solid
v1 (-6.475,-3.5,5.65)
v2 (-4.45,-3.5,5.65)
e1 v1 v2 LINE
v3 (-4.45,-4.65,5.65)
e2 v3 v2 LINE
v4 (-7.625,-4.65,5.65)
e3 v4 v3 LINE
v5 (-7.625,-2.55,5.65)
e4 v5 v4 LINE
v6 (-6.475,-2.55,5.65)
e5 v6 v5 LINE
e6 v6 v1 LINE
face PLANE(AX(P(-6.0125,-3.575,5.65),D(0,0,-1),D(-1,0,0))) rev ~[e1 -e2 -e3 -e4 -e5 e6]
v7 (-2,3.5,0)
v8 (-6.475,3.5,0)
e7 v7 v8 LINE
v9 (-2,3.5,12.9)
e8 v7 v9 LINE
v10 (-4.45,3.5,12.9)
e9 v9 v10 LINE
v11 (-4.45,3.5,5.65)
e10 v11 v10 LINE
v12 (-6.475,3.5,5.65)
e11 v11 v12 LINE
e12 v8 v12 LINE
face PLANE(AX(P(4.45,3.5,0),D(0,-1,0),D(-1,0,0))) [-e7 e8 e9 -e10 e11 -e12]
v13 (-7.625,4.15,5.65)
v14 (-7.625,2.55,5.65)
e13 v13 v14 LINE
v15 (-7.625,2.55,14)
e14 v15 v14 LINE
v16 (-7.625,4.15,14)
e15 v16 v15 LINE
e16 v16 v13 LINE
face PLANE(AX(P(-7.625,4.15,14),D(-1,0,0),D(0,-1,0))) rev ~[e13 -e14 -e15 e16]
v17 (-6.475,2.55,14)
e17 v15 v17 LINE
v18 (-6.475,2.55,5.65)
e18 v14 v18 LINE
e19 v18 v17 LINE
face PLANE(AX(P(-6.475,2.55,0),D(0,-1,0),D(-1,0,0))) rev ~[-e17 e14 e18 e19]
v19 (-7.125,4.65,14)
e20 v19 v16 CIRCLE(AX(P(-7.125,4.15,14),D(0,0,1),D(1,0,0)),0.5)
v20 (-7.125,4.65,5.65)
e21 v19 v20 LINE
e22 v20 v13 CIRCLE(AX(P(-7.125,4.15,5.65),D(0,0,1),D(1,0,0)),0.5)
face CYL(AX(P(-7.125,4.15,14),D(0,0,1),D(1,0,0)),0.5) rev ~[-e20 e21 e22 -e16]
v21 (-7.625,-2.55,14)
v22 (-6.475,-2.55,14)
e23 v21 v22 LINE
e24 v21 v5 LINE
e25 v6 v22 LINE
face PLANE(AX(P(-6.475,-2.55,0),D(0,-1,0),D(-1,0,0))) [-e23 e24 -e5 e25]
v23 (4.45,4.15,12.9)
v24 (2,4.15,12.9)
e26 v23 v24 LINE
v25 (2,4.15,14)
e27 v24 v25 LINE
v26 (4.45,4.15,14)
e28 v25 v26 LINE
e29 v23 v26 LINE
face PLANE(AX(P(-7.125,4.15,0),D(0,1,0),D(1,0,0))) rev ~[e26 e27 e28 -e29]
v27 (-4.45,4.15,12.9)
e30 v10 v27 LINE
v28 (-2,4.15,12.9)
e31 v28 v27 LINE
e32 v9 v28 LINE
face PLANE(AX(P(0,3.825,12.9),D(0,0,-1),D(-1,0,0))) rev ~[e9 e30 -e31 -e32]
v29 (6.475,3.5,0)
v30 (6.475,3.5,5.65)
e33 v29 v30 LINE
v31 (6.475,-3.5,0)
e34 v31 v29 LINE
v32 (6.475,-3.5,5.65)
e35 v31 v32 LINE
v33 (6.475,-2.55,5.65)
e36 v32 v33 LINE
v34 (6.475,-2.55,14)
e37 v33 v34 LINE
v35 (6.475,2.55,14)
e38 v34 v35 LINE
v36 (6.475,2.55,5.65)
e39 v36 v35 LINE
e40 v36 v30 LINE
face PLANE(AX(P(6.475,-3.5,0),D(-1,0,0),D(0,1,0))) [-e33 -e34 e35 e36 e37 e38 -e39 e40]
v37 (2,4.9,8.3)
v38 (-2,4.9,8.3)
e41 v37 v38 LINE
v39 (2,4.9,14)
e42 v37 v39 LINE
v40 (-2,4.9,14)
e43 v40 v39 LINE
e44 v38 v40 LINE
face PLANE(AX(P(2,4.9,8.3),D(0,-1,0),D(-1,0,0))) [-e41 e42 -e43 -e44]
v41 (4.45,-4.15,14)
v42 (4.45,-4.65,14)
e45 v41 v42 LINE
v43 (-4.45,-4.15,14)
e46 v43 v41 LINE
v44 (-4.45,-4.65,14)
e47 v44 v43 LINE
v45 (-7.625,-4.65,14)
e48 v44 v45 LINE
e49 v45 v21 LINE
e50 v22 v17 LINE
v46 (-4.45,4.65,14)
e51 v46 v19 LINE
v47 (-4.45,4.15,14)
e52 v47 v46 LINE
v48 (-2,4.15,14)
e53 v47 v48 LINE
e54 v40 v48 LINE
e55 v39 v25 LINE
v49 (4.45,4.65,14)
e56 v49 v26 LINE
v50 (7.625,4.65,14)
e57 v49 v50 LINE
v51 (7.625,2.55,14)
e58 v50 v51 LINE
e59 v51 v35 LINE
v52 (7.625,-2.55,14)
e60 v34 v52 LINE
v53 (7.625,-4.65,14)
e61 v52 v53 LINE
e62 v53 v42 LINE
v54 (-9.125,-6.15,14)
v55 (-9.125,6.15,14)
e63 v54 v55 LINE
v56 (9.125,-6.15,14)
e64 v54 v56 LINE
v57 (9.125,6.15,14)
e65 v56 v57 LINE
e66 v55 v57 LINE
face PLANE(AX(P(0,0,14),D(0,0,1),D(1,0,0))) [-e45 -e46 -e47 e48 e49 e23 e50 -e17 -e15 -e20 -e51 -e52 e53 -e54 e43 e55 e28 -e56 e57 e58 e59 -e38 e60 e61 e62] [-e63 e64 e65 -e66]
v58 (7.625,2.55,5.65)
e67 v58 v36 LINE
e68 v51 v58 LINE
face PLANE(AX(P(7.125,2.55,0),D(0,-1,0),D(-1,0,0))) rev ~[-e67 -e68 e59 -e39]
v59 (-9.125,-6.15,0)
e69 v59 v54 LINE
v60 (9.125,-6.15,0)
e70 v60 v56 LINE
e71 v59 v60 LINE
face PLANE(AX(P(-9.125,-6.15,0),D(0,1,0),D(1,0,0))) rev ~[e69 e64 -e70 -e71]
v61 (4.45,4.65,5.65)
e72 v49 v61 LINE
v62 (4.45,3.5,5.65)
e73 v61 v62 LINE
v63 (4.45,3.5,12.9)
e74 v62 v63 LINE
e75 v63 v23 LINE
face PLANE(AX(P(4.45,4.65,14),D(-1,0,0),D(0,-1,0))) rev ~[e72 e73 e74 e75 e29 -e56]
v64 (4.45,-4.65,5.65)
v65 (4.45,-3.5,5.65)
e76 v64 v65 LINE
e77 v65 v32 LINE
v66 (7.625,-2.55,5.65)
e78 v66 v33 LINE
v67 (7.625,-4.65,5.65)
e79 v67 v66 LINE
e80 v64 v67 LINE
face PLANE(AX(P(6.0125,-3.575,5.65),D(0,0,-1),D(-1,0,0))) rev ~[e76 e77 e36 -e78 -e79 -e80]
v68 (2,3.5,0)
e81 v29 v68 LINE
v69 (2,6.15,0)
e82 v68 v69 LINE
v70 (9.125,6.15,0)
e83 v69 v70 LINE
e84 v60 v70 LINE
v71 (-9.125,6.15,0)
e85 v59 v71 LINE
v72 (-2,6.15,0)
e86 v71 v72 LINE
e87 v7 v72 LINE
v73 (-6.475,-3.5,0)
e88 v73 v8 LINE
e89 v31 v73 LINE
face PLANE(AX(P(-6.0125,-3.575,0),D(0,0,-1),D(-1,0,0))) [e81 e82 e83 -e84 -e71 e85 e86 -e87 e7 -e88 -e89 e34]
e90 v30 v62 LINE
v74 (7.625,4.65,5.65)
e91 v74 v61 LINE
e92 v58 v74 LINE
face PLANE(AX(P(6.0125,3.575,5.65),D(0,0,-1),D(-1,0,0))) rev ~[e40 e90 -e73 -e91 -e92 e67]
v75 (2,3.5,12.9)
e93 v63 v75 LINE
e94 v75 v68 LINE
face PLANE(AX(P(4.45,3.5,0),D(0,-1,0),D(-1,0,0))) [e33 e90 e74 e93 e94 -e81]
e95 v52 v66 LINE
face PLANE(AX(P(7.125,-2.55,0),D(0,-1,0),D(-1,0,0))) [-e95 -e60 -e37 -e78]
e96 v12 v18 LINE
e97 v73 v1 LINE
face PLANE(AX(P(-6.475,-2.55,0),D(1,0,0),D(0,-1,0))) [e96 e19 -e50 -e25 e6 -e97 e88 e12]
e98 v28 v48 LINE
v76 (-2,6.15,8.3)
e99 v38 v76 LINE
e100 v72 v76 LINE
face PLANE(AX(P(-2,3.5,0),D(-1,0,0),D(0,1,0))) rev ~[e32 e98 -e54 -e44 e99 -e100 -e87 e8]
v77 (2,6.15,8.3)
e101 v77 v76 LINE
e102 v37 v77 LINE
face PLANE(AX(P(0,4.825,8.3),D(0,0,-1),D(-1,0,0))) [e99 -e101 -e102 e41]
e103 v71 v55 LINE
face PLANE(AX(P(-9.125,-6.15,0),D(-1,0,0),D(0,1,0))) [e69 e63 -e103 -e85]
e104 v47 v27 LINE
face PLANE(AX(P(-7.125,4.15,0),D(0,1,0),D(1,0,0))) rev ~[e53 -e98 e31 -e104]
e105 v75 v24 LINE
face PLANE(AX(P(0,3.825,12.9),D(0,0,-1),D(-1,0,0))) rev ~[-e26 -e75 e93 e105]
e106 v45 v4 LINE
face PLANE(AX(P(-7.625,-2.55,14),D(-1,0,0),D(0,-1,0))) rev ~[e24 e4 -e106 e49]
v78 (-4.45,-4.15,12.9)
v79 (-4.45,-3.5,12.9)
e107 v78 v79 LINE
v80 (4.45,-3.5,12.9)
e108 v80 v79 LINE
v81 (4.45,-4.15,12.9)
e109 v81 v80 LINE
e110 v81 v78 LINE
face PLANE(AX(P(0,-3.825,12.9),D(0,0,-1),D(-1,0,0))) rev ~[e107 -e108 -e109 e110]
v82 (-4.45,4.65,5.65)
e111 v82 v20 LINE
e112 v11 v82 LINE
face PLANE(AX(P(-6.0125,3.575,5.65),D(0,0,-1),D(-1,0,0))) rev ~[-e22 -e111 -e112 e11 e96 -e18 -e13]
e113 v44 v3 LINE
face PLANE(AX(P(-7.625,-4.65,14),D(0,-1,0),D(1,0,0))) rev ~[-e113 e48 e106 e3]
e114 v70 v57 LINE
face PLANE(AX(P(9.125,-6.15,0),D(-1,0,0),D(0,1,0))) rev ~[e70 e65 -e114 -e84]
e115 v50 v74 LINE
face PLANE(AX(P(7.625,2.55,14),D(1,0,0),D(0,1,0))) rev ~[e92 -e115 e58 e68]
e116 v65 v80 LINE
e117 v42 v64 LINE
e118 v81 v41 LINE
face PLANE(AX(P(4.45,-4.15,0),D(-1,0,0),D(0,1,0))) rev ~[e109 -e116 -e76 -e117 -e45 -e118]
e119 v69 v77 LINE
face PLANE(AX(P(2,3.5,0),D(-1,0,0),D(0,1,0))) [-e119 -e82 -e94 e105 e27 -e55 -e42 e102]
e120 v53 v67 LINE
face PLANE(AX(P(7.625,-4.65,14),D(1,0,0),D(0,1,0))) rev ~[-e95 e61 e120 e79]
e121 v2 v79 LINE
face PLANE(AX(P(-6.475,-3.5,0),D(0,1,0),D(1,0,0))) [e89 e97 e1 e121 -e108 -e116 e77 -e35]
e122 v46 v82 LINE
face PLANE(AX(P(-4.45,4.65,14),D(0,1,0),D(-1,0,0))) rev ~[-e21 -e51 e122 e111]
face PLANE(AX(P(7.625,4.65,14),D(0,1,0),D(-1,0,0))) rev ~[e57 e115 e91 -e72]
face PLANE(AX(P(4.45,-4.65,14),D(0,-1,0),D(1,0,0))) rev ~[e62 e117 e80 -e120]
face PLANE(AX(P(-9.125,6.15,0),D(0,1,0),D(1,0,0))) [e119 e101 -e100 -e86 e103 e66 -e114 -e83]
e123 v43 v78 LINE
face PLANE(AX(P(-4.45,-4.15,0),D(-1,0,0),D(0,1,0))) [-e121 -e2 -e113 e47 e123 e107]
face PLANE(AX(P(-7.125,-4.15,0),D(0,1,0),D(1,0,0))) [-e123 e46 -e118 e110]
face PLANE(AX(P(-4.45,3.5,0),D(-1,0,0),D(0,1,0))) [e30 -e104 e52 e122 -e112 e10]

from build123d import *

# Parameters (mm, degrees)
SKETCH1_W               = 18.25
SKETCH1_H               = 12.3
SKETCH1_W_2             = 14.25
SKETCH1_H_2             = 8.3
BOSS_EXTRUDE1_DEPTH     = 14
SKETCH4_W               = 8.9
SKETCH4_H               = 0.65
BOSS_EXTRUDE2_DEPTH     = 12.9
SKETCH4_3_W             = 0.65
SKETCH4_3_H             = 5.1
BOSS_EXTRUDE3_DEPTH     = 14
SKETCH5_W               = 4
SKETCH5_H               = 2.65
CUT_EXTRUDE2_DEPTH      = 8.3
BOSS_EXTRUDE4_DEPTH     = 5.65
SKETCH7_W               = 4
SKETCH7_H               = 1.4
CUT_EXTRUDE3_DEPTH      = 6.7
SKETCH8_R               = 0.5
CUT_EXTRUDE4_DEPTH      = 8.35
MIRROR2_COPY_1_SKETCH_R = 0.5
MIRROR2_COPY_1_DEPTH    = 8.35
CUT_EXTRUDE5_DEPTH      = 8.35


with BuildPart() as part:
    # Sketch1 → Boss-Extrude1 (new body)
    with BuildSketch(Plane.XY):
        Rectangle(SKETCH1_W, SKETCH1_H)
        Rectangle(SKETCH1_W_2, SKETCH1_H_2, mode=Mode.SUBTRACT)
    extrude(amount=BOSS_EXTRUDE1_DEPTH)

    # Sketch4 → Boss-Extrude2 (add)
    with BuildSketch(Plane(origin=(0, 0, 0), x_dir=(-1, 0, 0), z_dir=(0, 0, -1))):
        with Locations((0, 3.825)):
            Rectangle(SKETCH4_W, SKETCH4_H)
        with Locations((0, -3.825)):
            Rectangle(SKETCH4_W, SKETCH4_H)
    extrude(amount=-BOSS_EXTRUDE2_DEPTH)

    # Sketch4<3> → Boss-Extrude3 (add)
    with BuildSketch(Plane(origin=(0, 0, 0), x_dir=(-1, 0, 0), z_dir=(0, 0, -1))):
        with Locations((-6.8, 0)):
            Rectangle(SKETCH4_3_W, SKETCH4_3_H)
        with Locations((6.8, 0)):
            Rectangle(SKETCH4_3_W, SKETCH4_3_H)
    extrude(amount=-BOSS_EXTRUDE3_DEPTH)

    # Sketch5 → Cut-Extrude2 (cut)
    with BuildSketch(Plane(origin=(0, 0, 0), x_dir=(-1, 0, 0), z_dir=(0, 0, -1))):
        with Locations((0, 4.825)):
            Rectangle(SKETCH5_W, SKETCH5_H)
    extrude(amount=-CUT_EXTRUDE2_DEPTH, mode=Mode.SUBTRACT)

    # Sketch6 → Boss-Extrude4 (add)
    with BuildSketch(Plane(origin=(0, 0, 0), x_dir=(-1, 0, 0), z_dir=(0, 0, -1))):
        Polygon((6.475, -3.5), (4.45, -3.5), (4.45, -4.15), (7.125, -4.15), (7.125, -2.55), (6.475, -2.55), align=None)
        Polygon((6.475, 3.5), (6.475, 2.55), (7.125, 2.55), (7.125, 4.15), (4.45, 4.15), (4.45, 3.5), align=None)
        Polygon((-7.125, 2.55), (-6.475, 2.55), (-6.475, 3.5), (-4.45, 3.5), (-4.45, 4.15), (-7.125, 4.15), align=None)
        Polygon((-4.45, -4.15), (-4.45, -3.5), (-6.475, -3.5), (-6.475, -2.55), (-7.125, -2.55), (-7.125, -4.15), align=None)
    extrude(amount=-BOSS_EXTRUDE4_DEPTH)

    # Sketch7 → Cut-Extrude3 (cut, through all)
    with BuildSketch(Plane(origin=(0, 0, 8.3), x_dir=(-1, 0, 0), z_dir=(0, 0, -1))):
        with Locations((0, 4.2)):
            Rectangle(SKETCH7_W, SKETCH7_H)
    extrude(amount=-CUT_EXTRUDE3_DEPTH, mode=Mode.SUBTRACT)

    # Sketch8 → Cut-Extrude4 (cut)
    with BuildSketch(Plane.XY.offset(14)):
        with Locations((-7.125, 4.15)):
            Circle(SKETCH8_R)
    cut_extrude4 = extrude(amount=-CUT_EXTRUDE4_DEPTH, mode=Mode.SUBTRACT)

    # Mirror1: Cut-Extrude4 across plane
    add(cut_extrude4.mirror(Plane.ZX), mode=Mode.SUBTRACT)

    # Mirror2: Cut-Extrude4 across plane
    add(cut_extrude4.mirror(Plane(origin=(0, 0, 0), x_dir=(0, 0, 1), z_dir=(1, 0, 0))), mode=Mode.SUBTRACT)

    # Mirror2 copy 1 sketch → Mirror2 copy 1 (cut)
    with BuildSketch(Plane(origin=(0, 0, 14), x_dir=(-1, 0, 0), z_dir=(0, 0, 1))):
        with Locations((-7.125, 4.15)):
            Circle(MIRROR2_COPY_1_SKETCH_R)
    extrude(amount=-MIRROR2_COPY_1_DEPTH, mode=Mode.SUBTRACT)

    # Sketch9 → Cut-Extrude5 (cut)
    with BuildSketch(Plane.XY.offset(14)):
        with BuildLine():
            ThreePointArc((-7.625, -4.15), (-7.478553391, -4.503553391), (-7.125, -4.65))
            ThreePointArc((-7.125, -4.65), (-6.771446609, -4.503553391), (-6.625, -4.15))
            Line((-6.625, -4.15), (-4.45, -4.15))
            Line((-4.45, -4.15), (-4.45, -2.55))
            Line((-4.45, -2.55), (-6.475, -2.55))
            Line((-6.475, -2.55), (-7.125, -2.55))
            Line((-7.125, -2.55), (-7.125, -3.65))
            ThreePointArc((-7.125, -3.65), (-7.478553391, -3.796446609), (-7.625, -4.15))
        make_face()
        with BuildLine():
            ThreePointArc((-6.625, -4.15), (-6.771446609, -4.503553391), (-7.125, -4.65))
            Line((-7.125, -4.65), (-4.45, -4.65))
            Line((-4.45, -4.65), (-4.45, -4.15))
            Line((-4.45, -4.15), (-6.625, -4.15))
        make_face()
        with BuildLine():
            Line((-7.625, -2.55), (-7.625, -4.15))
            ThreePointArc((-7.625, -4.15), (-7.478553391, -3.796446609), (-7.125, -3.65))
            Line((-7.125, -3.65), (-7.125, -2.55))
            Line((-7.125, -2.55), (-7.625, -2.55))
        make_face()
        with BuildLine():
            Line((-7.625, 4.15), (-7.625, 2.55))
            Line((-7.625, 2.55), (-7.125, 2.55))
            Line((-7.125, 2.55), (-7.125, 3.65))
            ThreePointArc((-7.125, 3.65), (-7.478553391, 3.796446609), (-7.625, 4.15))
        make_face()
        with BuildLine():
            Line((-4.45, 4.65), (-7.125, 4.65))
            ThreePointArc((-7.125, 4.65), (-6.771446609, 4.503553391), (-6.625, 4.15))
            Line((-6.625, 4.15), (-4.45, 4.15))
            Line((-4.45, 4.15), (-4.45, 4.65))
        make_face()
        with BuildLine():
            ThreePointArc((7.125, -3.65), (7.478553391, -3.796446609), (7.625, -4.15))
            Line((7.625, -4.15), (7.625, -2.55))
            Line((7.625, -2.55), (7.125, -2.55))
            Line((7.125, -2.55), (7.125, -3.65))
        make_face()
        with BuildLine():
            Line((6.625, -4.15), (4.45, -4.15))
            Line((4.45, -4.15), (4.45, -4.65))
            Line((4.45, -4.65), (7.125, -4.65))
            ThreePointArc((7.125, -4.65), (6.771446609, -4.503553391), (6.625, -4.15))
        make_face()
        with BuildLine():
            Line((4.45, -2.55), (4.45, -4.15))
            Line((4.45, -4.15), (6.625, -4.15))
            ThreePointArc((6.625, -4.15), (6.771446609, -4.503553391), (7.125, -4.65))
            ThreePointArc((7.125, -4.65), (7.478553391, -4.503553391), (7.625, -4.15))
            ThreePointArc((7.625, -4.15), (7.478553391, -3.796446609), (7.125, -3.65))
            Line((7.125, -3.65), (7.125, -2.55))
            Line((7.125, -2.55), (6.475, -2.55))
            Line((6.475, -2.55), (4.45, -2.55))
        make_face()
        with BuildLine():
            ThreePointArc((7.625, -4.15), (7.478553391, -4.503553391), (7.125, -4.65))
            Line((7.125, -4.65), (7.625, -4.65))
            Line((7.625, -4.65), (7.625, -4.15))
        make_face()
        with BuildLine():
            Line((7.625, 4.65), (7.125, 4.65))
            ThreePointArc((7.125, 4.65), (7.478553391, 4.503553391), (7.625, 4.15))
            Line((7.625, 4.15), (7.625, 4.65))
        make_face()
        with BuildLine():
            Line((7.625, 2.55), (7.625, 4.15))
            ThreePointArc((7.625, 4.15), (7.478553391, 3.796446609), (7.125, 3.65))
            Line((7.125, 3.65), (7.125, 2.55))
            Line((7.125, 2.55), (7.625, 2.55))
        make_face()
        with BuildLine():
            Line((7.125, 4.65), (4.45, 4.65))
            Line((4.45, 4.65), (4.45, 4.15))
            Line((4.45, 4.15), (6.625, 4.15))
            ThreePointArc((6.625, 4.15), (6.771446609, 4.503553391), (7.125, 4.65))
        make_face()
        with BuildLine():
            Line((6.625, 4.15), (4.45, 4.15))
            Line((4.45, 4.15), (4.45, 2.55))
            Line((4.45, 2.55), (6.475, 2.55))
            Line((6.475, 2.55), (7.125, 2.55))
            Line((7.125, 2.55), (7.125, 3.65))
            ThreePointArc((7.125, 3.65), (7.478553391, 3.796446609), (7.625, 4.15))
            ThreePointArc((7.625, 4.15), (7.478553391, 4.503553391), (7.125, 4.65))
            ThreePointArc((7.125, 4.65), (6.771446609, 4.503553391), (6.625, 4.15))
        make_face()
        with BuildLine():
            Line((-7.625, -4.15), (-7.625, -4.65))
            Line((-7.625, -4.65), (-7.125, -4.65))
            ThreePointArc((-7.125, -4.65), (-7.478553391, -4.503553391), (-7.625, -4.15))
        make_face()
    extrude(amount=-CUT_EXTRUDE5_DEPTH, mode=Mode.SUBTRACT)


solid = part.part
